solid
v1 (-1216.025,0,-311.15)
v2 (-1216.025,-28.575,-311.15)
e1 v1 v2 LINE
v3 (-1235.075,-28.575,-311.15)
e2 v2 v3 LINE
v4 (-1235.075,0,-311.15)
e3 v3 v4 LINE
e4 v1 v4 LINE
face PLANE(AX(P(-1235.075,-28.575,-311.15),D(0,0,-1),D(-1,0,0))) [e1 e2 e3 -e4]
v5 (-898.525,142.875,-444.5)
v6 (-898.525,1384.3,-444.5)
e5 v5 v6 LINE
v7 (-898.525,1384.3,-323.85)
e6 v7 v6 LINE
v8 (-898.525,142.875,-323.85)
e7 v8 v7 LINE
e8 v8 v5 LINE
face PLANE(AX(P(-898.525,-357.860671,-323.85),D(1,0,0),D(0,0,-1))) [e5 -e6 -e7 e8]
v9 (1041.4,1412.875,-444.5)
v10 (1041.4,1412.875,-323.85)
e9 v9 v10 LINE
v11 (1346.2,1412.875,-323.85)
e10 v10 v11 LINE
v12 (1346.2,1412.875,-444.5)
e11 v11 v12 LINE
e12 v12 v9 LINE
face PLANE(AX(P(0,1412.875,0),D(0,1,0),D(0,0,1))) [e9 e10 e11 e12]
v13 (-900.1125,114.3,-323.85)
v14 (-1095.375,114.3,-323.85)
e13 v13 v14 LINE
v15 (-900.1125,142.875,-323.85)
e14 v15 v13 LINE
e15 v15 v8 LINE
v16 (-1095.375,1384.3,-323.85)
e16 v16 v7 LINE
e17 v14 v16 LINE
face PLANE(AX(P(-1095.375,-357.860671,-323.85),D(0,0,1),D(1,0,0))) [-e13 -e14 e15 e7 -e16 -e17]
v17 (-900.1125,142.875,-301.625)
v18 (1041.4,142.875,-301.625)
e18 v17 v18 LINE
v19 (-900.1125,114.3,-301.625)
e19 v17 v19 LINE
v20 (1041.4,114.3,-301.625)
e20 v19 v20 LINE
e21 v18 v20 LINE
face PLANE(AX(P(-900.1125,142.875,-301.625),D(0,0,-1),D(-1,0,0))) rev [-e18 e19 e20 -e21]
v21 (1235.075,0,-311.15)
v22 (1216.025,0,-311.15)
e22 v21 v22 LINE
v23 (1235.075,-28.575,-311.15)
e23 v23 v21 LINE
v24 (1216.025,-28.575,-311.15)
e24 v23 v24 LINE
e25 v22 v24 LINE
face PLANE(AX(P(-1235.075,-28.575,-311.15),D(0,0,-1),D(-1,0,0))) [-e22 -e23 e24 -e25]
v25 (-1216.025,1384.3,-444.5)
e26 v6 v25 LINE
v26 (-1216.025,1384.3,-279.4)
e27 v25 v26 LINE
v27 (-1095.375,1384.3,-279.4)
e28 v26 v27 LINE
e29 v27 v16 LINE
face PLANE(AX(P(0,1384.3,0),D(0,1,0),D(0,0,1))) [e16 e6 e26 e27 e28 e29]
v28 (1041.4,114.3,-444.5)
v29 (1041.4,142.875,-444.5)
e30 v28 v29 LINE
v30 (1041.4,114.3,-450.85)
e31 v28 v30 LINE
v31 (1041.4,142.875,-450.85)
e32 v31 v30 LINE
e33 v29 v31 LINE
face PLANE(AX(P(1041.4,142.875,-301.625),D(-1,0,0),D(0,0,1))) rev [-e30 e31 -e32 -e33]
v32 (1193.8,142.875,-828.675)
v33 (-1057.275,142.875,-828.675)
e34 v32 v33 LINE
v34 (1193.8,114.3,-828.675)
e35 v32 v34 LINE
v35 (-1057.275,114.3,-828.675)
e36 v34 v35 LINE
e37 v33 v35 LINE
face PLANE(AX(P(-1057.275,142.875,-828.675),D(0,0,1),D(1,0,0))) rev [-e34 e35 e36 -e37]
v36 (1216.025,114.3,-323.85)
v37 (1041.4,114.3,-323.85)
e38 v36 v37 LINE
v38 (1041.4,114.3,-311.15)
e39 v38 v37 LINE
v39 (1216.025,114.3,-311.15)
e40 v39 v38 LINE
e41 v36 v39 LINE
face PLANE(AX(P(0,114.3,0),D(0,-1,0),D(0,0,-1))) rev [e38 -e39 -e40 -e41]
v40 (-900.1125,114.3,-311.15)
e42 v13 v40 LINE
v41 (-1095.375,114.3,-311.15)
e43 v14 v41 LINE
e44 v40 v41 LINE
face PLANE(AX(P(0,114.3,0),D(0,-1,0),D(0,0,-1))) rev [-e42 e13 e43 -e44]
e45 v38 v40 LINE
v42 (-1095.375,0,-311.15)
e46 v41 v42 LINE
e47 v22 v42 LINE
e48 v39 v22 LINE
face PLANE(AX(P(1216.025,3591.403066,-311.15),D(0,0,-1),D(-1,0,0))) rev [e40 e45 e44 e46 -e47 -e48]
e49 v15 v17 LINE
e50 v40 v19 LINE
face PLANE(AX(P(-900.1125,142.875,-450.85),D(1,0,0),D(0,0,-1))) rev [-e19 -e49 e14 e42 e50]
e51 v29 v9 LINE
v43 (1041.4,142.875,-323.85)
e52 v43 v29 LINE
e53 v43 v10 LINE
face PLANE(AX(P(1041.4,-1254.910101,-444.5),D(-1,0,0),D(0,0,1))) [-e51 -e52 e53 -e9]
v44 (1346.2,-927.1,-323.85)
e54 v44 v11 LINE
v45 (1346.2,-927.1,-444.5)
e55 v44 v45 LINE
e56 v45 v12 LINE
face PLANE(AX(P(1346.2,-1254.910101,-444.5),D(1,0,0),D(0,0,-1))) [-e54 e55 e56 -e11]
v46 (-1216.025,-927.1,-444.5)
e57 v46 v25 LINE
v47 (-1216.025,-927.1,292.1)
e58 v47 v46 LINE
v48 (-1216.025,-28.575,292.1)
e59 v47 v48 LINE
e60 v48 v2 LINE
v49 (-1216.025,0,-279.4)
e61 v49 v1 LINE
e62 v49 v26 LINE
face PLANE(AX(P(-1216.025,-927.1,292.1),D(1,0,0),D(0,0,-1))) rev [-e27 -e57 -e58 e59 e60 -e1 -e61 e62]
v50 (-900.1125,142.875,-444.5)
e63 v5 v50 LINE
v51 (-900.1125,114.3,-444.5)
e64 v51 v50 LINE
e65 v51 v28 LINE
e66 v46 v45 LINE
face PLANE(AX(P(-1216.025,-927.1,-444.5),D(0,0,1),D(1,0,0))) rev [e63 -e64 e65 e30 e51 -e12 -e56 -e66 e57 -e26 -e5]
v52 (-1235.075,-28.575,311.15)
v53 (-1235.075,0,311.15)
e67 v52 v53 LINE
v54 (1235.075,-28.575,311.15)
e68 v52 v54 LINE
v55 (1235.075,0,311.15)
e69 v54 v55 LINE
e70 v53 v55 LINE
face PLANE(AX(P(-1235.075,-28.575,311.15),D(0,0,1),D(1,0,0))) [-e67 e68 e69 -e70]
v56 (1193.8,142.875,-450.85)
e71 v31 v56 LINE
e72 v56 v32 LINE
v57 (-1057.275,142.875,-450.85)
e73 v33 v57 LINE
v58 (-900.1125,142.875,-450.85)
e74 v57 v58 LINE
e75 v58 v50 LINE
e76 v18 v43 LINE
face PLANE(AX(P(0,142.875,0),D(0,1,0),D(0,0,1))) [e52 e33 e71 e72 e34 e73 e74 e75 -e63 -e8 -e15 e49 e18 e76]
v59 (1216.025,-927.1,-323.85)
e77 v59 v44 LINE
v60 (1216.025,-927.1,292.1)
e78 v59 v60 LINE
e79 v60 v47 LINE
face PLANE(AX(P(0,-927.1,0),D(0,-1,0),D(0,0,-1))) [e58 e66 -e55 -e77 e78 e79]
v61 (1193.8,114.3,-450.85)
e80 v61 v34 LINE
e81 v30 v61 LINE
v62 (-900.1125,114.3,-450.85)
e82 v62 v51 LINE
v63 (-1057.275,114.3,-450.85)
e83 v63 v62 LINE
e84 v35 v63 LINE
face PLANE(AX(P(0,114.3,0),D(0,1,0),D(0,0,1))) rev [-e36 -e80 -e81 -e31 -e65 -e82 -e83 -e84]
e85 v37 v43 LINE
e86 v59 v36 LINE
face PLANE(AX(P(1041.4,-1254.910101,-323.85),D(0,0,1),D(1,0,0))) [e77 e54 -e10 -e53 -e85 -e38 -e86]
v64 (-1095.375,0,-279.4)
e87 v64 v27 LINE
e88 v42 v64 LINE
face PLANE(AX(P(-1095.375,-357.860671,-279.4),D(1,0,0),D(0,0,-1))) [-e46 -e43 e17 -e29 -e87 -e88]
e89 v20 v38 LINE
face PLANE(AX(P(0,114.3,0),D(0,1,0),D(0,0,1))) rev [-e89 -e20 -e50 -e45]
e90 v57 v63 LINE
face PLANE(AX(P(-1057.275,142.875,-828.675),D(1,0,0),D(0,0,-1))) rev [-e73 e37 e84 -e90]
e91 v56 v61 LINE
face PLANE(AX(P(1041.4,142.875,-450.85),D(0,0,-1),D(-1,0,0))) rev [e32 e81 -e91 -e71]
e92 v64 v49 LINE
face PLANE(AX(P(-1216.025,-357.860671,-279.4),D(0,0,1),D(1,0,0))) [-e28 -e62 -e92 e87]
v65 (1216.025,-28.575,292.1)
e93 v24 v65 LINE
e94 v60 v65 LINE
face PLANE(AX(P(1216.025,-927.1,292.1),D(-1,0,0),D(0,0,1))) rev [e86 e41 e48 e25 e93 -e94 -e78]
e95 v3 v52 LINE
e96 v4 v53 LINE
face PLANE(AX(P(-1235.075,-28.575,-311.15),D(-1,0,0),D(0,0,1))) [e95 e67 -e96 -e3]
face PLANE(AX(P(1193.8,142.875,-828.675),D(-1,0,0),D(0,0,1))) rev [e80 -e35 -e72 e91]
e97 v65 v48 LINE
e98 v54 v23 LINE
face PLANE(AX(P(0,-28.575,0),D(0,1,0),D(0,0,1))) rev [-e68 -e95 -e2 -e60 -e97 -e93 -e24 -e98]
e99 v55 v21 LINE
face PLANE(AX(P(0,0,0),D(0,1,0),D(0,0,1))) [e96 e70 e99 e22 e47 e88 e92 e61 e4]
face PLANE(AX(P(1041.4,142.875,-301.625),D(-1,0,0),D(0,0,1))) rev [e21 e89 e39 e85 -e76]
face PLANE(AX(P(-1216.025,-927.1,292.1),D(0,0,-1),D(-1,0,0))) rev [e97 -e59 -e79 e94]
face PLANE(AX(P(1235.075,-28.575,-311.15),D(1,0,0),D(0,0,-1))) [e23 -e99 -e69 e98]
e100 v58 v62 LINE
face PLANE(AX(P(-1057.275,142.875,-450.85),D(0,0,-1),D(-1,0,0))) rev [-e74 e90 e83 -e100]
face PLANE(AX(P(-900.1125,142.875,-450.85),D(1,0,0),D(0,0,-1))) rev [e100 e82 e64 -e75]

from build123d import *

# Parameters (mm, degrees)
SKETCH1_W                       = 2470.15
SKETCH1_H                       = 622.3
BOSS_EXTRUDE1_DEPTH             = 28.575
SKETCH2_W                       = 2432.05
SKETCH2_H                       = 736.6
BOSS_EXTRUDE2_DEPTH             = 898.525
SKETCH3_W                       = 2432.05
SKETCH3_H                       = 133.35
BOSS_EXTRUDE3_DEPTH             = 142.875
BOSS_EXTRUDE4_DEPTH             = 28.575
BOSS_EXTRUDE5_DEPTH             = 1270
BOSS_EXTRUDE5_DIRECTION_2_REACH = 1817.661
BOSS_EXTRUDE6_DEPTH             = 1270
BOSS_EXTRUDE6_DEPTH_BACK        = 1069.975
SKETCH6_W                       = 304.8
SKETCH6_H                       = 120.65


with BuildPart() as part:
    # Sketch1 → Boss-Extrude1 (new body)
    with BuildSketch(Plane(origin=(0, 0, 0), x_dir=(1, 0, 0), z_dir=(0, 1, 0))):
        Rectangle(SKETCH1_W, SKETCH1_H)
    extrude(amount=-BOSS_EXTRUDE1_DEPTH)

    # Sketch2 → Boss-Extrude2 (add)
    with BuildSketch(Plane.XZ.offset(28.575)):
        with Locations((0, -76.2)):
            Rectangle(SKETCH2_W, SKETCH2_H)
    extrude(amount=BOSS_EXTRUDE2_DEPTH)

    # Sketch3 → Boss-Extrude3 (add)
    with BuildSketch(Plane(origin=(0, -28.575, 0), x_dir=(1, 0, 0), z_dir=(0, 1, 0))):
        with Locations((0, 377.825)):
            Rectangle(SKETCH3_W, SKETCH3_H)
    extrude(amount=BOSS_EXTRUDE3_DEPTH)

    # Sketch4 → Boss-Extrude4 (add)
    with BuildSketch(Plane(origin=(0, 114.3, 0), x_dir=(1, 0, 0), z_dir=(0, 1, 0))):
        Polygon((-1057.275, 828.675), (1193.8, 828.675), (1193.8, 450.85), (1041.4, 450.85), (1041.4, 301.625), (-900.1125, 301.625), (-900.1125, 450.85), (-1057.275, 450.85), align=None)
    extrude(amount=BOSS_EXTRUDE4_DEPTH)

    # Sketch5 → Boss-Extrude5 (add)
    with BuildSketch(Plane(origin=(0, 114.3, 0), x_dir=(1, 0, 0), z_dir=(0, 1, 0))):
        Polygon((-1216.025, 444.5), (-1216.025, 279.4), (-1095.375, 279.4), (-1095.375, 323.85), (-898.525, 323.85), (-898.525, 444.5), align=None)
    extrude(amount=BOSS_EXTRUDE5_DEPTH)

    # Boss-Extrude5 direction 2: up to this face of the body (flat: up to its plane)
    boss_extrude5_direction_2_end = Plane(part.part.faces().sort_by_distance((0, 0, 0))[0])
    # Sketch5 → Boss-Extrude5 direction 2 (add, up to the picked face)
    with BuildSketch(Plane(origin=(0, 114.3, 0), x_dir=(1, 0, 0), z_dir=(0, 1, 0)), mode=Mode.PRIVATE) as boss_extrude5_direction_2_sk1:
        Polygon((-1216.025, 444.5), (-1216.025, 279.4), (-1095.375, 279.4), (-1095.375, 323.85), (-898.525, 323.85), (-898.525, 444.5), align=None)
    boss_extrude5_direction_2_tool1 = split(extrude(boss_extrude5_direction_2_sk1.sketch, amount=-BOSS_EXTRUDE5_DIRECTION_2_REACH, mode=Mode.PRIVATE), bisect_by=boss_extrude5_direction_2_end, keep=Keep.BOTH, mode=Mode.PRIVATE)
    add(boss_extrude5_direction_2_tool1.solids().sort_by(Axis((-1069.362281, 114.3, -374.037281), (0, -1, 0)))[0])

    # Sketch6 → Boss-Extrude6 (add, two sides: drawn at the far end of the back side and taken through both)
    with BuildSketch(Plane(origin=(0, 142.875, 0), x_dir=(1, 0, 0), z_dir=(0, 1, 0)).offset(-BOSS_EXTRUDE6_DEPTH_BACK)):
        with Locations((1193.8, 384.175)):
            Rectangle(SKETCH6_W, SKETCH6_H)
    extrude(amount=BOSS_EXTRUDE6_DEPTH + BOSS_EXTRUDE6_DEPTH_BACK)


solid = part.part
